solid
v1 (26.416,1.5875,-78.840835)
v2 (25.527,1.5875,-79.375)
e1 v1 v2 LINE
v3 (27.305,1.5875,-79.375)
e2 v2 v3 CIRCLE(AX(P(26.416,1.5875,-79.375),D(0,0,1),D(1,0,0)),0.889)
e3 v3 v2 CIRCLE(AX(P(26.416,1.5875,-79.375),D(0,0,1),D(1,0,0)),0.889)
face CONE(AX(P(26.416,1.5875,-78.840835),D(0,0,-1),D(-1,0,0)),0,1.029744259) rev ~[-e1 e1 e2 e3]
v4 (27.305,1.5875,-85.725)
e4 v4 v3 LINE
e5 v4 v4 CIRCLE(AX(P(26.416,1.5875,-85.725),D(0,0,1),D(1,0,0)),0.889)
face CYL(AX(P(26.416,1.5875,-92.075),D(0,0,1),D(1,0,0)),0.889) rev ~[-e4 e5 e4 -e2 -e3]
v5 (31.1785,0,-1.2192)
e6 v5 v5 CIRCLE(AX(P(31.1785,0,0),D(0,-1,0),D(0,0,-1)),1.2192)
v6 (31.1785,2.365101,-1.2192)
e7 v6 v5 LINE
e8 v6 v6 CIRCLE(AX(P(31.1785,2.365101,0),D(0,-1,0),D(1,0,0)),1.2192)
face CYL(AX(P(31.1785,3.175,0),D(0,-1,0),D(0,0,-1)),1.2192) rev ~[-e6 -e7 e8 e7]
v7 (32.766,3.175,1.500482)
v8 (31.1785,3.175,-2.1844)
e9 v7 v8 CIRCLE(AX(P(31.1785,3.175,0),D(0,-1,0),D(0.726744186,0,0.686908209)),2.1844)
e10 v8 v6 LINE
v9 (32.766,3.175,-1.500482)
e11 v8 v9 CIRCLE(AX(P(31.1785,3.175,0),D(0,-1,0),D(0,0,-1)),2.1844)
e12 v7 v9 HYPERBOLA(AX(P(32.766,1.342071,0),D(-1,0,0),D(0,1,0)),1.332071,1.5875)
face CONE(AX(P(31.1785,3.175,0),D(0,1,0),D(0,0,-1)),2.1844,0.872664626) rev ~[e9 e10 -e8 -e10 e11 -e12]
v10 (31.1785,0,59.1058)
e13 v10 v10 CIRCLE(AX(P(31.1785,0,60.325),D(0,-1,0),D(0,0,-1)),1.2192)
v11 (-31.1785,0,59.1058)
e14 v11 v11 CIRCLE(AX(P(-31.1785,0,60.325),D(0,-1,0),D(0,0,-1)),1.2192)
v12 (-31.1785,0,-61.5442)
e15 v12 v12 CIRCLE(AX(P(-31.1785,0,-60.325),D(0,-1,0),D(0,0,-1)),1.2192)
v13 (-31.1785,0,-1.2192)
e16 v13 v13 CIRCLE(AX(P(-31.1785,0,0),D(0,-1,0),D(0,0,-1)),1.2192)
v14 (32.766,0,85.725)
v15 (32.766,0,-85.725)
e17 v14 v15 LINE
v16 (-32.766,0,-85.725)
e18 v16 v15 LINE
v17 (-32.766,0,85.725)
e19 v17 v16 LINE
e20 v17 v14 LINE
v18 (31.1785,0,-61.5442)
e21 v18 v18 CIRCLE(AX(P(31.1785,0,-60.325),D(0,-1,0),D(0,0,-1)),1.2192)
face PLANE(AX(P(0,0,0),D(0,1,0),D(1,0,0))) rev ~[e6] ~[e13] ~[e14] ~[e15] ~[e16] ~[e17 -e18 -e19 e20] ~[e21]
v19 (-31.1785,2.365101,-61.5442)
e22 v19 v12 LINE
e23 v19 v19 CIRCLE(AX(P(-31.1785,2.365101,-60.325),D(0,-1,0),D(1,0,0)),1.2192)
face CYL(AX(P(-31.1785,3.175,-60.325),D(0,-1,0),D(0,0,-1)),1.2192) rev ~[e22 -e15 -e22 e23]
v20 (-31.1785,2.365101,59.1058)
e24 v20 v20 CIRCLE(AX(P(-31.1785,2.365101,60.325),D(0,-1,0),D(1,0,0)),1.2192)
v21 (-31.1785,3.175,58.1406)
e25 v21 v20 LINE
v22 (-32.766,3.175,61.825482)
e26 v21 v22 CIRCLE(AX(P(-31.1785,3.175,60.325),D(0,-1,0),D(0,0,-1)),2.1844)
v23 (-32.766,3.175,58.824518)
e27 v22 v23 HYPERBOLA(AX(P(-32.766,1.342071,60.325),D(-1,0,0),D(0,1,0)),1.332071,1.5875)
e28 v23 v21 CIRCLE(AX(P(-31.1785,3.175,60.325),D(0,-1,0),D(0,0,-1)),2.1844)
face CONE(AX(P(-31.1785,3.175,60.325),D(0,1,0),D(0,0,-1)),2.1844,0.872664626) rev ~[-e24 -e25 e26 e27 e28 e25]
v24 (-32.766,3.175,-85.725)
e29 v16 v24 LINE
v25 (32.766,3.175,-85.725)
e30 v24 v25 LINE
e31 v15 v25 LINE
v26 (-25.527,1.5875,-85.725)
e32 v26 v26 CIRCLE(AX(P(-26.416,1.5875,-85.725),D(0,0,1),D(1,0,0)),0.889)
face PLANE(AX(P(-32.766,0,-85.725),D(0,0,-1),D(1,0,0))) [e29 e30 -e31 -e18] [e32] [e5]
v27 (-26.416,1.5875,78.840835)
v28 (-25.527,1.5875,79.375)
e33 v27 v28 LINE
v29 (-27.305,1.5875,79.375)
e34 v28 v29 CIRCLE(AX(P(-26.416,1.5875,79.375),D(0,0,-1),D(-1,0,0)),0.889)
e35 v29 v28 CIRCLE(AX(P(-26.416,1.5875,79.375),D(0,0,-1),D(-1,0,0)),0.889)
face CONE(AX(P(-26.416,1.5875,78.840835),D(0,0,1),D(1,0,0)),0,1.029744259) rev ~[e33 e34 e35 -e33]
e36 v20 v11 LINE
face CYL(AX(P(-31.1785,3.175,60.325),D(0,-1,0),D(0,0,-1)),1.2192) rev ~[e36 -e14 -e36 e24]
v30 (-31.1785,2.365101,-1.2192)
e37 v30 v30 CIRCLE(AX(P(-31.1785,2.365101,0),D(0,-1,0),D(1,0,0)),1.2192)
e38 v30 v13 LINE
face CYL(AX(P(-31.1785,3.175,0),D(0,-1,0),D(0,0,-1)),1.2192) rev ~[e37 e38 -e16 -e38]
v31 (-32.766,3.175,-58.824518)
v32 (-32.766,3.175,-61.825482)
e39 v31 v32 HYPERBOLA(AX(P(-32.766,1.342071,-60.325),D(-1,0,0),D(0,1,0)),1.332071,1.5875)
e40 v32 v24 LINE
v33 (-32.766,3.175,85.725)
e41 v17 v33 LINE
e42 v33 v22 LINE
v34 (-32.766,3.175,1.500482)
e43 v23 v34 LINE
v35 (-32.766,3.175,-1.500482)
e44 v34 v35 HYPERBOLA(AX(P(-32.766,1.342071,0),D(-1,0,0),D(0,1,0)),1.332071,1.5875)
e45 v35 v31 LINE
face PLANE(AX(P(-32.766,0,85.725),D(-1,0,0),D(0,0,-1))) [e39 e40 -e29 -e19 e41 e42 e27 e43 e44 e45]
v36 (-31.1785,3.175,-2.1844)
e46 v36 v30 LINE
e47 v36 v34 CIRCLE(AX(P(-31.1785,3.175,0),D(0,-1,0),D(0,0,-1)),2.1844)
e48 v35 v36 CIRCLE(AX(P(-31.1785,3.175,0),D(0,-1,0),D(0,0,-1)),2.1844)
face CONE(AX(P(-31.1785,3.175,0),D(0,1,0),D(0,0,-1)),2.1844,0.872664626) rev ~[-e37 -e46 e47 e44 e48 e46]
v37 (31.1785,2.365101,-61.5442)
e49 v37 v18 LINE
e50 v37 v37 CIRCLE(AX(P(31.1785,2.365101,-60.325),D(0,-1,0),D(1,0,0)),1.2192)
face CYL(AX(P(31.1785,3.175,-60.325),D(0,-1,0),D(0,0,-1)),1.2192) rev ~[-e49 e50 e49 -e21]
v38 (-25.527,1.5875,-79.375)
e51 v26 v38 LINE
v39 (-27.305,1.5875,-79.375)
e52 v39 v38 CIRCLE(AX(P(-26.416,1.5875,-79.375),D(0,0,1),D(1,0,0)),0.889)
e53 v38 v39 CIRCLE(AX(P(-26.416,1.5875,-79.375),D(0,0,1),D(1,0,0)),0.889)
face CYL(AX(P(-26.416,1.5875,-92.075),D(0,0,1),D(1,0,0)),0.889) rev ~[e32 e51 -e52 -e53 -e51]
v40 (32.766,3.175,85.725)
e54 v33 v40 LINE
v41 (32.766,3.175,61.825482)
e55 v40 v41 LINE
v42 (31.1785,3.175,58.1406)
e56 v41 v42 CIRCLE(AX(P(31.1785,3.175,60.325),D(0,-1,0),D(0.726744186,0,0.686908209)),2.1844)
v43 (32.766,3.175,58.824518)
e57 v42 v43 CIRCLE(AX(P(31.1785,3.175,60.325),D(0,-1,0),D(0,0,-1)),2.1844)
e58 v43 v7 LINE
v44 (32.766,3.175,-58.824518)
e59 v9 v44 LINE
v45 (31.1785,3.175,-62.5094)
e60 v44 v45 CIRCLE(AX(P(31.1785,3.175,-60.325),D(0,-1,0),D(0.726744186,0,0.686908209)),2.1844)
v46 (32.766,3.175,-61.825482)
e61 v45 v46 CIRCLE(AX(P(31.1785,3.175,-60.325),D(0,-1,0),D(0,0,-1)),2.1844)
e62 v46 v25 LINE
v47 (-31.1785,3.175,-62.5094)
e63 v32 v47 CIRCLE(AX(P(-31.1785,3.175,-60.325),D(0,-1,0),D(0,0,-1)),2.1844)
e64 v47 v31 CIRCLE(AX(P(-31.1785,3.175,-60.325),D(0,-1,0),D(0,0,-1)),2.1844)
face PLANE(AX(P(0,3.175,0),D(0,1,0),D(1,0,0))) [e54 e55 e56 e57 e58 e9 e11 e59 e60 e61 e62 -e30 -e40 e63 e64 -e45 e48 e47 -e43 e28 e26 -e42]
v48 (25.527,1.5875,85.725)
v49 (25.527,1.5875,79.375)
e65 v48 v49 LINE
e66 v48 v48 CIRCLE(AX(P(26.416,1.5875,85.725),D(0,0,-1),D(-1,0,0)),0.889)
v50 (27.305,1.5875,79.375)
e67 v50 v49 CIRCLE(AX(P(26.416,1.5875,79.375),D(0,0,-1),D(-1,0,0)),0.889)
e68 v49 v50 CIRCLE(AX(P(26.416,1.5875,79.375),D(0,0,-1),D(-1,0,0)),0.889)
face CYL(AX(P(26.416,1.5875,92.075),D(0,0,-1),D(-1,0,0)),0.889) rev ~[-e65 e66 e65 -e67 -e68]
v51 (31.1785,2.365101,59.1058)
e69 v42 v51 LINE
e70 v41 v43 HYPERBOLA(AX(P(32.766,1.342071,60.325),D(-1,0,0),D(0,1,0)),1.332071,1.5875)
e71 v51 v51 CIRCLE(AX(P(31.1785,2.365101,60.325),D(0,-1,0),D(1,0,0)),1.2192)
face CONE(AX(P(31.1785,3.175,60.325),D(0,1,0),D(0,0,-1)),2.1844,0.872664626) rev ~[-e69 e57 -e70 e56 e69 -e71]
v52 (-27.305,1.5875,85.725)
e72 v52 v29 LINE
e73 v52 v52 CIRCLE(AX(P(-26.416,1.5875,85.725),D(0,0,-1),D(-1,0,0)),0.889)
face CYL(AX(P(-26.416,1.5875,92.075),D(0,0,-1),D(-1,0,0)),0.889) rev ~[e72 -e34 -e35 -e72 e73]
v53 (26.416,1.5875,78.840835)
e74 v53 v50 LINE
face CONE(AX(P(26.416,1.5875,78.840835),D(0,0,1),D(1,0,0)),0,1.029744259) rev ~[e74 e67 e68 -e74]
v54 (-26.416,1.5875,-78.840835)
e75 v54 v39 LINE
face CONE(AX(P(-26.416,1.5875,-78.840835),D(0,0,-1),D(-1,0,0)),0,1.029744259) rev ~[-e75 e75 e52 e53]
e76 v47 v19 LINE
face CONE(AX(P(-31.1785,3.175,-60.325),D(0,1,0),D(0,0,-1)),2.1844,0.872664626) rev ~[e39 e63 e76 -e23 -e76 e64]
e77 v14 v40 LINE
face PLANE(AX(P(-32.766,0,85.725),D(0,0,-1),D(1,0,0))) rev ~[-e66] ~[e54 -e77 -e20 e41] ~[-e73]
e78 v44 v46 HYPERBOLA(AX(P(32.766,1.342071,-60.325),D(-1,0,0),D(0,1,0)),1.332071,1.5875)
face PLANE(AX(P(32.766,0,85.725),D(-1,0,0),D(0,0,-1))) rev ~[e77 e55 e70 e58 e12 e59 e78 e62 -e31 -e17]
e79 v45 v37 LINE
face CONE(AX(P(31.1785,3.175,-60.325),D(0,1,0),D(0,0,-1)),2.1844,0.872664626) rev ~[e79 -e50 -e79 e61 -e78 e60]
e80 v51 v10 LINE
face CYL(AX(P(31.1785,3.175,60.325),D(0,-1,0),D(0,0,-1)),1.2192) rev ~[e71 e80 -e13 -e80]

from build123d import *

# Parameters (mm, degrees)
SKETCH1_W                                         = 65.532
SKETCH1_H                                         = 171.45
EXTRUDE1_DEPTH                                    = 3.175
TAP_DRILL_FOR_2_TAP1_D                            = 1.778
TAP_DRILL_FOR_2_TAP1_DEPTH                        = 6.35
TAP_DRILL_FOR_2_TAP1_TIP                          = 0.53416509
TAP_DRILL_FOR_2_TAP2_D                            = 1.778
TAP_DRILL_FOR_2_TAP2_DEPTH                        = 6.35
TAP_DRILL_FOR_2_TAP2_TIP                          = 0.53416509
CSK_FOR_2_FLAT_HEAD_MACHINE_SCREW_100_D           = 2.4384
CSK_FOR_2_FLAT_HEAD_MACHINE_SCREW_100_CSINK_D     = 4.3688
CSK_FOR_2_FLAT_HEAD_MACHINE_SCREW_100_CSINK_ANGLE = 100


with BuildPart() as part:
    # Sketch1 → Extrude1 (new body)
    with BuildSketch(Plane(origin=(0, 0, 0), x_dir=(1, 0, 0), z_dir=(0, 1, 0))):
        Rectangle(SKETCH1_W, SKETCH1_H)
    extrude(amount=EXTRUDE1_DEPTH)

    # Tap Drill for #2 Tap1
    with Locations(Plane(origin=(-26.416, 1.5875, 85.725), x_dir=(1, 0, 0), z_dir=(0, 0, 1))):
        with Locations((0, 0), (52.832, 0)):
            Hole(TAP_DRILL_FOR_2_TAP1_D / 2, depth=TAP_DRILL_FOR_2_TAP1_DEPTH)
            with Locations((0, 0, -(TAP_DRILL_FOR_2_TAP1_DEPTH + TAP_DRILL_FOR_2_TAP1_TIP / 2))):  # 118° drill point
                Cone(0, TAP_DRILL_FOR_2_TAP1_D / 2, TAP_DRILL_FOR_2_TAP1_TIP, mode=Mode.SUBTRACT)

    # Tap Drill for #2 Tap2
    with Locations(Plane(origin=(26.416, 1.5875, -85.725), x_dir=(-1, 0, 0), z_dir=(0, 0, -1))):
        with Locations((0, 0), (52.832, 0)):
            Hole(TAP_DRILL_FOR_2_TAP2_D / 2, depth=TAP_DRILL_FOR_2_TAP2_DEPTH)
            with Locations((0, 0, -(TAP_DRILL_FOR_2_TAP2_DEPTH + TAP_DRILL_FOR_2_TAP2_TIP / 2))):  # 118° drill point
                Cone(0, TAP_DRILL_FOR_2_TAP2_D / 2, TAP_DRILL_FOR_2_TAP2_TIP, mode=Mode.SUBTRACT)

    # CSK for #2 Flat Head Machine Screw (100)1 (through all)
    with Locations(Plane(origin=(-31.1785, 3.175, -60.325), x_dir=(0, 0, 1), z_dir=(0, 1, 0))):
        with Locations((0, 0), (60.325, 0), (120.65, 0), (120.65, 62.357), (60.325, 62.357), (0, 62.357)):
            CounterSinkHole(CSK_FOR_2_FLAT_HEAD_MACHINE_SCREW_100_D / 2, CSK_FOR_2_FLAT_HEAD_MACHINE_SCREW_100_CSINK_D / 2, counter_sink_angle=CSK_FOR_2_FLAT_HEAD_MACHINE_SCREW_100_CSINK_ANGLE)


solid = part.part
